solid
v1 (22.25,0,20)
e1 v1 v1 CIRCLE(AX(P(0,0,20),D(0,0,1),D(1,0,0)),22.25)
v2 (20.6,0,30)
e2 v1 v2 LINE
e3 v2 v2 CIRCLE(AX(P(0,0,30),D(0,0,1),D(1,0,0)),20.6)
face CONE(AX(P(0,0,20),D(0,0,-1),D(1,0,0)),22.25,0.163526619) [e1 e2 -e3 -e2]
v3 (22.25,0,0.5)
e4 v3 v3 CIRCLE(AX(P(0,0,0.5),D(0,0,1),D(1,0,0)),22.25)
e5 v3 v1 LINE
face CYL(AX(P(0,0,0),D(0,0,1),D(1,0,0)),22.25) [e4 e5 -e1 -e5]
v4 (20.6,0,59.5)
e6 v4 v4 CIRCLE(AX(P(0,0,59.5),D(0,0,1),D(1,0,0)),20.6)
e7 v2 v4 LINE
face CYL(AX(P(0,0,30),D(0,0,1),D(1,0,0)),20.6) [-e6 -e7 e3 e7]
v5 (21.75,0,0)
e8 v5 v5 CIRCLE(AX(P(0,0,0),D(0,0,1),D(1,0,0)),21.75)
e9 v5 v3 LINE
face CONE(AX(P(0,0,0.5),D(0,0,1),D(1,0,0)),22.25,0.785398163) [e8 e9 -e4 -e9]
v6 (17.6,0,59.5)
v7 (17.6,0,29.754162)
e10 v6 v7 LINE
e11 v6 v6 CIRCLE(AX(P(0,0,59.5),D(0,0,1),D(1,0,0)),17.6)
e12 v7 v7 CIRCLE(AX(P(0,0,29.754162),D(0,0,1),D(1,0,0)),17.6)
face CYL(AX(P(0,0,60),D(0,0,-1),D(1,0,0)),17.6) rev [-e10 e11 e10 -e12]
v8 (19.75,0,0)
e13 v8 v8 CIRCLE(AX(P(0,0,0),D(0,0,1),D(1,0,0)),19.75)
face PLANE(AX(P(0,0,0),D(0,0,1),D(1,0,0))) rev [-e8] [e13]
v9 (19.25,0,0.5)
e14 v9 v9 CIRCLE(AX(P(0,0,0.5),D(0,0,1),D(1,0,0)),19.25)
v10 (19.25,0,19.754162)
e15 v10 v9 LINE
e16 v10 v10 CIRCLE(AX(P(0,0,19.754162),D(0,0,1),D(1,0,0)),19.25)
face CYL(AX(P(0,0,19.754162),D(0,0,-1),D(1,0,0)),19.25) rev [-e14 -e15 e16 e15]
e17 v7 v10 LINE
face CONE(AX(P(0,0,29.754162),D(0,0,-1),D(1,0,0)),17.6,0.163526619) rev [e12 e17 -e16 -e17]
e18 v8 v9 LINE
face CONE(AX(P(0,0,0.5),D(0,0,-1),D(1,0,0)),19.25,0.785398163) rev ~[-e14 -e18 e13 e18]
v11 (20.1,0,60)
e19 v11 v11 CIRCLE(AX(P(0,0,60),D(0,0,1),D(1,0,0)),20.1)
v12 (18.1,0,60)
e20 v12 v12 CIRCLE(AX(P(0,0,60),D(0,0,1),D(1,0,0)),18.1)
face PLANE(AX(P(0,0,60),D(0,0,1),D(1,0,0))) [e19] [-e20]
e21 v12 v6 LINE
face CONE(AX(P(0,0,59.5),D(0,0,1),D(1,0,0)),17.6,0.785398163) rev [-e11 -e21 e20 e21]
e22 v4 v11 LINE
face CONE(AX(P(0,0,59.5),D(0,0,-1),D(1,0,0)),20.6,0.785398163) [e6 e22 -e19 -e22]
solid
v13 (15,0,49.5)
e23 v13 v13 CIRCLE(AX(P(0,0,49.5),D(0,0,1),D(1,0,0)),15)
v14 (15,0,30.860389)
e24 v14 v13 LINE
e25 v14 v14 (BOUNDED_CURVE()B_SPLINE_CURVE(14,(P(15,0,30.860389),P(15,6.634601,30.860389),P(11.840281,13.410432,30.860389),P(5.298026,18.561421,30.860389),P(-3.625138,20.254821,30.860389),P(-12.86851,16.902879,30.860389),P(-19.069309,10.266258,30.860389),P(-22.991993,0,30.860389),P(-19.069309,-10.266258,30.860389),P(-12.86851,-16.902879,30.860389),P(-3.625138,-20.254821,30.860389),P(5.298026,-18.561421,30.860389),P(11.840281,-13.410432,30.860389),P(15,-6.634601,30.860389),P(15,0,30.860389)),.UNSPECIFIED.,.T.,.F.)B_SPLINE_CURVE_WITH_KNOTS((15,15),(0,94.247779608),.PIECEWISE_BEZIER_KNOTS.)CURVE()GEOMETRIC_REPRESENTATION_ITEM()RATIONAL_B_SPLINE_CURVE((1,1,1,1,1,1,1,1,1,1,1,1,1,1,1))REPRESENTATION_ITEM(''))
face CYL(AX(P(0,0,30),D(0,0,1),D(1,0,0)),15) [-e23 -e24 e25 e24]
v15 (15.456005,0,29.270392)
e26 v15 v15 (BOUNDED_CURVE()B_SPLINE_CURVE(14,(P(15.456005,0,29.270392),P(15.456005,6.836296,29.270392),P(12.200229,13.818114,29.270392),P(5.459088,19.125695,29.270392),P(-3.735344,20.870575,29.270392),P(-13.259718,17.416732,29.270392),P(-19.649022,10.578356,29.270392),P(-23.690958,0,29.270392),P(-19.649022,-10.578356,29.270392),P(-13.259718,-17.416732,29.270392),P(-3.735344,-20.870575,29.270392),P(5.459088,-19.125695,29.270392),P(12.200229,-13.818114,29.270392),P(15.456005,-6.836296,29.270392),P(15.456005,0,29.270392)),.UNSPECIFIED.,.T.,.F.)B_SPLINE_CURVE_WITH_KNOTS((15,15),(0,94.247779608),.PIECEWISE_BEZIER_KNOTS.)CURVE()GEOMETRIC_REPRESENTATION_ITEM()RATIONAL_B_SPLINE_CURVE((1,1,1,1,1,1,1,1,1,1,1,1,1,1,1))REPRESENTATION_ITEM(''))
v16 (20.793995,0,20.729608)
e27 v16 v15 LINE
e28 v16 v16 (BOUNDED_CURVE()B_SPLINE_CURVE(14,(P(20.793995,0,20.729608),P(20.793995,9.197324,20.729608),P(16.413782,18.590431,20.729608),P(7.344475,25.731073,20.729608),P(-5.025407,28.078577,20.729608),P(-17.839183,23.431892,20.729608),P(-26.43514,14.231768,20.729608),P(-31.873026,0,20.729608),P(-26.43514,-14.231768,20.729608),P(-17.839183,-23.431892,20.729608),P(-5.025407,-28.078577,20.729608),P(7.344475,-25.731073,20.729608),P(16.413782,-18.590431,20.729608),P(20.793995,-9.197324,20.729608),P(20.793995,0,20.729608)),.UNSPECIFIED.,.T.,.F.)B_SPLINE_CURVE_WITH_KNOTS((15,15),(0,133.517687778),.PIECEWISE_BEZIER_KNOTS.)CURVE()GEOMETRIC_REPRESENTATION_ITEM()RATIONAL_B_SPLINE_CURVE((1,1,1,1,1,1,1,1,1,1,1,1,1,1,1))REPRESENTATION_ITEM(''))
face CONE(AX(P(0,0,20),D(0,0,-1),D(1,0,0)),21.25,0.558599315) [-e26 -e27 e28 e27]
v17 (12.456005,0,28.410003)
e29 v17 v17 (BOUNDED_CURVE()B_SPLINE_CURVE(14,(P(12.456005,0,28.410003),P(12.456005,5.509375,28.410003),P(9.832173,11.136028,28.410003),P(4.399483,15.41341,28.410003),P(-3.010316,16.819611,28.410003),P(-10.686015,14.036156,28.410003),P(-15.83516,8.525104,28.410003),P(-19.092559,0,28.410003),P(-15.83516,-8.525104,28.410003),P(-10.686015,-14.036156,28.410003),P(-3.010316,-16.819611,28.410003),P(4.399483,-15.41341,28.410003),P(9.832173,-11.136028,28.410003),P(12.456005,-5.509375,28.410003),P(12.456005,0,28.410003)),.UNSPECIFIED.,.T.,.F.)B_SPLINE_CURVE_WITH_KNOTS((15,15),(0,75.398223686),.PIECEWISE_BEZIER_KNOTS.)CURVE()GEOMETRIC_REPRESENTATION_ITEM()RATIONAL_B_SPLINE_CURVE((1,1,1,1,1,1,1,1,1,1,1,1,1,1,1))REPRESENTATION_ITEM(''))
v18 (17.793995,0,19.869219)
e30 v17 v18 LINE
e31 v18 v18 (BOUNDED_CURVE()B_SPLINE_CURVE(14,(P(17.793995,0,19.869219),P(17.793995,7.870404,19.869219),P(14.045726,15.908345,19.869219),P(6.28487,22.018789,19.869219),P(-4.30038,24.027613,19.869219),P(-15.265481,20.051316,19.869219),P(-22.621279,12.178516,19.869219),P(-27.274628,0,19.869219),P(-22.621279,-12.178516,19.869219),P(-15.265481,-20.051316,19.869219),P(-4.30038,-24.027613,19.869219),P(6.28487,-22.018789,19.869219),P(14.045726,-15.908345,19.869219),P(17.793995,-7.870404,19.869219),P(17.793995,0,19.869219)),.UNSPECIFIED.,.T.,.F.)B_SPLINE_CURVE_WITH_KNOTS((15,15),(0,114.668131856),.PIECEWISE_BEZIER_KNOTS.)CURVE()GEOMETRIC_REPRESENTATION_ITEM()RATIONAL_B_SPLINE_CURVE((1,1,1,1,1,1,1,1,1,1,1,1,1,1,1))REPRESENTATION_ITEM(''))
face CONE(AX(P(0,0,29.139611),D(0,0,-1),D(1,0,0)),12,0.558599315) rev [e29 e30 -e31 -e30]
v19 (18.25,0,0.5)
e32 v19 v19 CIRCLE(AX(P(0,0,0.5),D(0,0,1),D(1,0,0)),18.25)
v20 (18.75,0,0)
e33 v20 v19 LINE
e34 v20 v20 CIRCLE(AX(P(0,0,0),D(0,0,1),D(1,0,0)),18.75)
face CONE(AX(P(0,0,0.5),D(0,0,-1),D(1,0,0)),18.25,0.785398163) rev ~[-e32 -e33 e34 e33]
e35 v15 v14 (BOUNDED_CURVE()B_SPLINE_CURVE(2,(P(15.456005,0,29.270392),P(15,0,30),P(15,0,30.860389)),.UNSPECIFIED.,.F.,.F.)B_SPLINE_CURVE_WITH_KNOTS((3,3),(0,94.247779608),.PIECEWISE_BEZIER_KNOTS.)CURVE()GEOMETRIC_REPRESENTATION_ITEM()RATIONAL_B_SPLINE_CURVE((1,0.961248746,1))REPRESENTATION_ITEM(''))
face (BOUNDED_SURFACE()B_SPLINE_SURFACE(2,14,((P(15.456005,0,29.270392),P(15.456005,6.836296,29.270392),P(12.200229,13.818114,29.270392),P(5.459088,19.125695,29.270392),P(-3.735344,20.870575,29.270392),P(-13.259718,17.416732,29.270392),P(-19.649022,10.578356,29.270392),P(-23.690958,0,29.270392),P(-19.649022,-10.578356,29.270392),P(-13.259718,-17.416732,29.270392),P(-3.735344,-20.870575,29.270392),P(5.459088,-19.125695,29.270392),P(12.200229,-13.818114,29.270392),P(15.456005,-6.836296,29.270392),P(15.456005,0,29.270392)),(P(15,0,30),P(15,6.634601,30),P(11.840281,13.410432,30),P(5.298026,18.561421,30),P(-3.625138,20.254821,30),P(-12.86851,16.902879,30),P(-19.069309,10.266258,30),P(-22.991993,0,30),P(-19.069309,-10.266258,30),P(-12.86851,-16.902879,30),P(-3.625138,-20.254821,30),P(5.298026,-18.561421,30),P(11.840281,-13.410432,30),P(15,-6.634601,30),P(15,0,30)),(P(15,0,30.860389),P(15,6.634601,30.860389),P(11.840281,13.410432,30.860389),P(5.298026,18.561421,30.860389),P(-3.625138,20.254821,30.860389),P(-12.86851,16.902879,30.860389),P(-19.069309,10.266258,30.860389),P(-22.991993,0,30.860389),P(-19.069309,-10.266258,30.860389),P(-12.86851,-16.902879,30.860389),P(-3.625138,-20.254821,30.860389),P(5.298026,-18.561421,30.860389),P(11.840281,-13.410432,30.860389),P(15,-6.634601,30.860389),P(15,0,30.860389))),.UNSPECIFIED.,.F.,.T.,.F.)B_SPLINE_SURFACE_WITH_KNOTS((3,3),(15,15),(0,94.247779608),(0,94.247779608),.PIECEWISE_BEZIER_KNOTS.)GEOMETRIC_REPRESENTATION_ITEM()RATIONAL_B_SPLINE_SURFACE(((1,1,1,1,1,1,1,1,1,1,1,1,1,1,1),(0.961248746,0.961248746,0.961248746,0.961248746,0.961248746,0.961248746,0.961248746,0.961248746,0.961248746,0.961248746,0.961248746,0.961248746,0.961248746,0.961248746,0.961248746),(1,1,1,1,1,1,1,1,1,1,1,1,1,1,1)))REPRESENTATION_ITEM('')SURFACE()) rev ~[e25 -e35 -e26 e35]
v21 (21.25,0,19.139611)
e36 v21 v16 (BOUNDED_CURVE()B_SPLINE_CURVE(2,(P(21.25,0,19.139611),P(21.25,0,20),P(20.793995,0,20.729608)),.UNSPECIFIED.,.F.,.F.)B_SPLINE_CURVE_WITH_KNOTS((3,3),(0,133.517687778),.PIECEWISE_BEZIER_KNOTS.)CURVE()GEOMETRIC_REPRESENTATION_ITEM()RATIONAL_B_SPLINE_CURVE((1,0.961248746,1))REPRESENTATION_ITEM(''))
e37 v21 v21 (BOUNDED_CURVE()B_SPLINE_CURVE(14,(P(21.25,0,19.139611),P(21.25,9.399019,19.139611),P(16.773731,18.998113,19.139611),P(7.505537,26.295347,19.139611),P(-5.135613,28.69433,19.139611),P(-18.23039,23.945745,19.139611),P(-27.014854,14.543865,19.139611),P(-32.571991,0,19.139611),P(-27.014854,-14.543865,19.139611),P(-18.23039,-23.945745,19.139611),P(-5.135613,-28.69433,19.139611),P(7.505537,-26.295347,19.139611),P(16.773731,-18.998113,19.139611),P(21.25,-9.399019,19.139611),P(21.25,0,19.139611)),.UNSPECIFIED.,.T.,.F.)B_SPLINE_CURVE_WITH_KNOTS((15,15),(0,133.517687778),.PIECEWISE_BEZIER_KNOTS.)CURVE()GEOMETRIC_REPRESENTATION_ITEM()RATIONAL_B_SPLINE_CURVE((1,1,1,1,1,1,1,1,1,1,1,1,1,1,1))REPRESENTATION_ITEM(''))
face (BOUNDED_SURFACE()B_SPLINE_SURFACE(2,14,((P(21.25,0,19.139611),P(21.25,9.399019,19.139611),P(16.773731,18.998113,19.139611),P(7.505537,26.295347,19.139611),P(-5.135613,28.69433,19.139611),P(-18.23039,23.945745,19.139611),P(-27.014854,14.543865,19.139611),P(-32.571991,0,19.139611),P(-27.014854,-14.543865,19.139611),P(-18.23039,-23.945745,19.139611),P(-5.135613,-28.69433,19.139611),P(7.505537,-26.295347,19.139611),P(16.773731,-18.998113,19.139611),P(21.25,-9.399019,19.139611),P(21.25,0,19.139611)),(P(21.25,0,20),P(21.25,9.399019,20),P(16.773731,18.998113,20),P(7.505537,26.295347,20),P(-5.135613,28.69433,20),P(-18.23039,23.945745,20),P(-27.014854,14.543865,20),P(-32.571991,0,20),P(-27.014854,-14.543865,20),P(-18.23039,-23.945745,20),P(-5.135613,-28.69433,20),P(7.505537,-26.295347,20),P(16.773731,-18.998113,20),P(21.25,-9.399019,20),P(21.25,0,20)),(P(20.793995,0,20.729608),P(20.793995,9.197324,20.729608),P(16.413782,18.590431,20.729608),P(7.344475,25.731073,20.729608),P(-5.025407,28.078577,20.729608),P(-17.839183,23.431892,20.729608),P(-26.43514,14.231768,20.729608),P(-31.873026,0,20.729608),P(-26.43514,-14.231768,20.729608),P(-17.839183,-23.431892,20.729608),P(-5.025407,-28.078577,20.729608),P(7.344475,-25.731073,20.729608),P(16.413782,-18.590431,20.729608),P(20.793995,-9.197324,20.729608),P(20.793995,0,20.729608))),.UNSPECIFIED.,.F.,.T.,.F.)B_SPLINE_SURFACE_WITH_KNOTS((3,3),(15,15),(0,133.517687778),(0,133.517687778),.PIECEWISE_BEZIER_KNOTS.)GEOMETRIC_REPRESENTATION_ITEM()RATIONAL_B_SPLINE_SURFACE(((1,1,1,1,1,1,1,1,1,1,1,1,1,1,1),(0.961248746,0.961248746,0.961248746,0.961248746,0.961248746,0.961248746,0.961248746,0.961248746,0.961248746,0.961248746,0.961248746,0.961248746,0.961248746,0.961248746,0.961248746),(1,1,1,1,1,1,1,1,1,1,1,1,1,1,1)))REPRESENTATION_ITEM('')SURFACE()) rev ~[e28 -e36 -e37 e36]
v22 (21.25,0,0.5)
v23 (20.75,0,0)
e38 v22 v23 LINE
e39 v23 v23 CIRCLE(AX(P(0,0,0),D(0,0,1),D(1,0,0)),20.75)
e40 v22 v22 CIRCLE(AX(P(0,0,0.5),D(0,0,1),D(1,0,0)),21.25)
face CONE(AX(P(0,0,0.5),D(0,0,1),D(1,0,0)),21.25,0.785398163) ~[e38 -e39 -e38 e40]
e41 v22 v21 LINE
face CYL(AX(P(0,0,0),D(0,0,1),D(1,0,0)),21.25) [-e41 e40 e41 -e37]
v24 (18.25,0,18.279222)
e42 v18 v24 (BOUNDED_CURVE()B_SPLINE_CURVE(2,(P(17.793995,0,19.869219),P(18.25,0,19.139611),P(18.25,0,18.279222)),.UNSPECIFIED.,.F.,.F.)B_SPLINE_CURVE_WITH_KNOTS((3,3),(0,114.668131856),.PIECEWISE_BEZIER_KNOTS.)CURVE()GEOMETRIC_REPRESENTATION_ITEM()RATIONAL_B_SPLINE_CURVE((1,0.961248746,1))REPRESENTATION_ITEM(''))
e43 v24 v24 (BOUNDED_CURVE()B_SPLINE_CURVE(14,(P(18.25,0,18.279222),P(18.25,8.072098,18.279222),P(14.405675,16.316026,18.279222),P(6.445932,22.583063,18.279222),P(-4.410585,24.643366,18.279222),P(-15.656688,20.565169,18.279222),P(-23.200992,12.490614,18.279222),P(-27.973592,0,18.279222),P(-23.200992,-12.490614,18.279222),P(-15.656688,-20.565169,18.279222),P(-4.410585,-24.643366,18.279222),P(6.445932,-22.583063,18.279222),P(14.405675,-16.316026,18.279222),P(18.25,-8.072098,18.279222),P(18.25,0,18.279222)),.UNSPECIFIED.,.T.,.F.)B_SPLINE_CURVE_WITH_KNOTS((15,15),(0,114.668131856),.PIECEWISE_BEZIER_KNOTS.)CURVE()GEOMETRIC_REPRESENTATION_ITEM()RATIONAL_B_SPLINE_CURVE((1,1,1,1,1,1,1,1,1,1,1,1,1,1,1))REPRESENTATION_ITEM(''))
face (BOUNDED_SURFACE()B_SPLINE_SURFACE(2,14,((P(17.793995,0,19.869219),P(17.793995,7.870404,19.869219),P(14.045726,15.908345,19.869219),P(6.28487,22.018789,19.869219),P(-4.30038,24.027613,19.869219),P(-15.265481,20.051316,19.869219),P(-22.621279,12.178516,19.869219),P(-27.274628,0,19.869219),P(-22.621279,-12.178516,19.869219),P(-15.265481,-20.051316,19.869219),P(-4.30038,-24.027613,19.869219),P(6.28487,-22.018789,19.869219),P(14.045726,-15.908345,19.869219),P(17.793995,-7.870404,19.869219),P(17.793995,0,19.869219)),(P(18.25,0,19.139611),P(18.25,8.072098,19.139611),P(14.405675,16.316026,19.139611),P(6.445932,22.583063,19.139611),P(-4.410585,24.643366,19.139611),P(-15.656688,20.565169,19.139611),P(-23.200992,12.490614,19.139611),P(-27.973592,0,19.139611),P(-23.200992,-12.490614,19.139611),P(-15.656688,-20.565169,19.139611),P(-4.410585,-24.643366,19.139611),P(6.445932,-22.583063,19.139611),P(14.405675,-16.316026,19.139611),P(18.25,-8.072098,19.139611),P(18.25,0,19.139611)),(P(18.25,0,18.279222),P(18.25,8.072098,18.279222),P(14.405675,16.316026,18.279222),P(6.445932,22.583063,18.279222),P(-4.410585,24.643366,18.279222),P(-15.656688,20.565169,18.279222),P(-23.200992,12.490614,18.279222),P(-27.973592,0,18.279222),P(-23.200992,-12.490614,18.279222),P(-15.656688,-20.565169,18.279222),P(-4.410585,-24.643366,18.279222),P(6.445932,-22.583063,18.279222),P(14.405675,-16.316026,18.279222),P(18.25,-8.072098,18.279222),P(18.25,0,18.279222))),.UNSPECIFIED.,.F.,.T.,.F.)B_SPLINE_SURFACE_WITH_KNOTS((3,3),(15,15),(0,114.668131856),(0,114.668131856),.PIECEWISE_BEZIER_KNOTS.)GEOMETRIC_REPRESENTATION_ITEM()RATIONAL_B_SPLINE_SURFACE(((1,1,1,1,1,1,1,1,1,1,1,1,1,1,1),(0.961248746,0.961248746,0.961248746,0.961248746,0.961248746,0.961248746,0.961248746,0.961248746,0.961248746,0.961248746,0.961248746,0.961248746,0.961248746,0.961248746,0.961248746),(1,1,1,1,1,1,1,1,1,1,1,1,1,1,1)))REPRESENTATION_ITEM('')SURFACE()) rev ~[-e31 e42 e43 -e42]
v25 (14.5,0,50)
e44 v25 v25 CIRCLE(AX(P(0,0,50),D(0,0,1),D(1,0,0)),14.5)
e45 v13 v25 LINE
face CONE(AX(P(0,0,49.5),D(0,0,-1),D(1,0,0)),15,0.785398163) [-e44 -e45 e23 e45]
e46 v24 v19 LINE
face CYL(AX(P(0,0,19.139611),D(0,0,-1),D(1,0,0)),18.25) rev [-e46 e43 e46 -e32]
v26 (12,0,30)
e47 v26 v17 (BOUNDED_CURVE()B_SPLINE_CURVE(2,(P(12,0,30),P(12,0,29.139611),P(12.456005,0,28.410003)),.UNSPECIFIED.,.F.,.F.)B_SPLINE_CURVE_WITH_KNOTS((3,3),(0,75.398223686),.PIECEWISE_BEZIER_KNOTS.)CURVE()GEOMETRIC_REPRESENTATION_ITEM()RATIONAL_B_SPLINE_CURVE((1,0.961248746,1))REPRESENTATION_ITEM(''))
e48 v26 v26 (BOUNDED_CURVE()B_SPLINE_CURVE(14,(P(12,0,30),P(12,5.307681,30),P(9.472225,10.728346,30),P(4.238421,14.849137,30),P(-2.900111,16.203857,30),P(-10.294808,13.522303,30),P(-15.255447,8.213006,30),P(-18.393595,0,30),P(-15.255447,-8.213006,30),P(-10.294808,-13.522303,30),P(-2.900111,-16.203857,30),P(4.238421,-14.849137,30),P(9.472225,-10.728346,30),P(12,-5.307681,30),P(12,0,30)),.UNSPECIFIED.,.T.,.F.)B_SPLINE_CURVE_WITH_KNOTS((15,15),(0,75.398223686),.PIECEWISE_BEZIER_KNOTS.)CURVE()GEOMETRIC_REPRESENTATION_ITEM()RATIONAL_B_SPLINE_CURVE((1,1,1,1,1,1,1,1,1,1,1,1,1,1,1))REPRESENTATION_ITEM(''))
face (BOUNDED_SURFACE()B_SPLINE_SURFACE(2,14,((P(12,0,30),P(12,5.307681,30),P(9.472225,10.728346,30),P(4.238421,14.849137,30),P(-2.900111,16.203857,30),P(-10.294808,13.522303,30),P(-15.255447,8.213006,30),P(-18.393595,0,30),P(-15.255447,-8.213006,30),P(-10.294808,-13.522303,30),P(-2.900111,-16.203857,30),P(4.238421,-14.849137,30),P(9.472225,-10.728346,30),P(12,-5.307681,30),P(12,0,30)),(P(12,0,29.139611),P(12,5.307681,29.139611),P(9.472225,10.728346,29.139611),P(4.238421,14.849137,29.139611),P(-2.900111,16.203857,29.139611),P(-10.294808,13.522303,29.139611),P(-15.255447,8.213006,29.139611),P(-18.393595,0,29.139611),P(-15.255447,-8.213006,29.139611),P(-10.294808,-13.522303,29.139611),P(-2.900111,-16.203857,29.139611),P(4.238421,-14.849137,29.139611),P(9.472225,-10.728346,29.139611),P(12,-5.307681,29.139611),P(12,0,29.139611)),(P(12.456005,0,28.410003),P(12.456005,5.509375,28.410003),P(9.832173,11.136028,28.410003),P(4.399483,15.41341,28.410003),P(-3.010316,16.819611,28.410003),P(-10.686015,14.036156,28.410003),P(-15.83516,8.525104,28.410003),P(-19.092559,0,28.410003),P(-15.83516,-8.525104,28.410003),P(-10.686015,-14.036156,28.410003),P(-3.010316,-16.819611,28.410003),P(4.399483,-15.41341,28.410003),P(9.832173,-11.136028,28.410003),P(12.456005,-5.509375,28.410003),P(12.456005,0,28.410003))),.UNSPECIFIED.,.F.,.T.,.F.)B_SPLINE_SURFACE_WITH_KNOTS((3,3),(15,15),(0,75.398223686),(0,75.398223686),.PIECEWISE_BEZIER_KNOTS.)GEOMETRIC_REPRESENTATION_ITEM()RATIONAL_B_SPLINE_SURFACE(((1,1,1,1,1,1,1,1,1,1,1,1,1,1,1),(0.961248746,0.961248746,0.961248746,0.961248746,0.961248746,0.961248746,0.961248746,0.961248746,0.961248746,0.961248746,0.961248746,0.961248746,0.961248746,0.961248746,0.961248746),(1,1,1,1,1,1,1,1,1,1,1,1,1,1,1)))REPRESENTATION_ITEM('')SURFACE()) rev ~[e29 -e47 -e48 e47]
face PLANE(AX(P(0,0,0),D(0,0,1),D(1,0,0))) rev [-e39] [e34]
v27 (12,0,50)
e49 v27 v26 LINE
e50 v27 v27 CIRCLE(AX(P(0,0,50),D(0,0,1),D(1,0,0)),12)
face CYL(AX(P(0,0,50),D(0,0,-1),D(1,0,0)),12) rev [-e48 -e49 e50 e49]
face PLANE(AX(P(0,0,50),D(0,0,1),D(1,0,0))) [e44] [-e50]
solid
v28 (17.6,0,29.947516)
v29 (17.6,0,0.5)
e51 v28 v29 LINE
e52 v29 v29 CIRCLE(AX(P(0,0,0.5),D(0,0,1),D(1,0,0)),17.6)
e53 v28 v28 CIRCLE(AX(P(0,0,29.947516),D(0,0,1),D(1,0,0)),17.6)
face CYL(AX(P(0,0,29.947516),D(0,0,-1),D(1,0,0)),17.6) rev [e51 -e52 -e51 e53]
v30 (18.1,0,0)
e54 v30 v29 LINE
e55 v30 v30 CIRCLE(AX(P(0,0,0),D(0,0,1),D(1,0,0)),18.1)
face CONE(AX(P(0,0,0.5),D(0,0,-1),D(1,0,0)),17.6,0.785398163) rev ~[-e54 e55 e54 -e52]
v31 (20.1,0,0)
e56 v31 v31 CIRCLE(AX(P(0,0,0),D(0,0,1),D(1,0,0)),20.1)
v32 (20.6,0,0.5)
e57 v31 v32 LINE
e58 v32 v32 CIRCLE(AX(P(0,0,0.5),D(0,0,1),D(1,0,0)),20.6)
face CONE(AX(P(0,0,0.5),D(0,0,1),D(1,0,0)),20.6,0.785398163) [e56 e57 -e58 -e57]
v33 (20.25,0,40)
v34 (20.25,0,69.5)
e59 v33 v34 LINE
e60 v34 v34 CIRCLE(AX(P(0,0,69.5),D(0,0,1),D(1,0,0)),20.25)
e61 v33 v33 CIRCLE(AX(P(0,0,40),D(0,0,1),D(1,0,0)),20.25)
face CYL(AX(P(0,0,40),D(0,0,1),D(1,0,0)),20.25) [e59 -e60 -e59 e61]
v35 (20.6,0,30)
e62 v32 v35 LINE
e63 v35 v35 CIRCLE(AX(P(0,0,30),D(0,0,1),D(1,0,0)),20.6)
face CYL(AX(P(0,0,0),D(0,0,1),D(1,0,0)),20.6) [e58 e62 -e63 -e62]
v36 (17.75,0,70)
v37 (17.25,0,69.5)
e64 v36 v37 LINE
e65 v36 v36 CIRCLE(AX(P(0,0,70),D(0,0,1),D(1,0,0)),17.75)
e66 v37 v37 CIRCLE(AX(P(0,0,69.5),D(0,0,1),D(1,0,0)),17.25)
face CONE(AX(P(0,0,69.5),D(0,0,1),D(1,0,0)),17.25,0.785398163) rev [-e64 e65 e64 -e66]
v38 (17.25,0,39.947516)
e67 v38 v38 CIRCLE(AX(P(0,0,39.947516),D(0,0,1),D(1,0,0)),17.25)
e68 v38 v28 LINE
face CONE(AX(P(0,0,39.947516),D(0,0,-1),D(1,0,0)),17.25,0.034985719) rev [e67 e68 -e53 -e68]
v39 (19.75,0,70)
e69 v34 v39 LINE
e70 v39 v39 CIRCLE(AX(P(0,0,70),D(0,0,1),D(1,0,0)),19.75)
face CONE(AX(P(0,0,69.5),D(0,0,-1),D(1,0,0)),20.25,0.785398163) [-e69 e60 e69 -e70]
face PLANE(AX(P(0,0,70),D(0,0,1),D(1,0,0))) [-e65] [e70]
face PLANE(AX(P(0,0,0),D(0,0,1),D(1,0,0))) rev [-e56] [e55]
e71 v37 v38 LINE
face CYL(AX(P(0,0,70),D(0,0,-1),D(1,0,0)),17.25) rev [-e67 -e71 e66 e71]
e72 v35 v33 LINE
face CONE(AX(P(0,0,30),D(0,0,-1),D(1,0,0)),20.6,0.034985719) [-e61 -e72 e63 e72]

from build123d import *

# Parameters (mm, degrees)
REVOLVE_ONTO_SKETCH_ROLL_ANGLE       = 90
FILLET_R                             = 3
CHAMFER_SIZE                         = 0.5
REVOLVE001_ONTO_SKETCH001_ROLL_ANGLE = 90
CHAMFER001_SIZE                      = 0.5
REVOLVE002_ONTO_SKETCH002_ROLL_ANGLE = 90
CHAMFER002_SIZE                      = 0.5


with BuildPart() as chamfer_body:
    # Sketch as drawn → Revolve (revolve)
    with BuildSketch(Plane.XY):
        Polygon((18.25, 0), (21.25, 0), (21.25, 20), (15, 30), (15, 50), (12, 50), (12, 29.139611), (18.25, 19.139611), align=None)
    revolve(axis=Axis((0, 0, 0), (0, 1, 0)))


with BuildPart() as chamfer_body_1:
    # Revolve onto Sketch roll: moved
    add(chamfer_body.part.rotate(Axis((0, 0, 0), (1, 0, 0)), REVOLVE_ONTO_SKETCH_ROLL_ANGLE))


with BuildPart() as chamfer_body_2:
    # Revolve onto Sketch placement: moved
    add(chamfer_body_1.part)

    # Fillet
    fillet_edges = [chamfer_body_2.edges().sort_by_distance(p)[0] for p in [
        (-21.25, 0, 20),
        (-15, 0, 30),
        (-12, 0, 29.139611),
        (-18.25, 0, 19.139611),
    ]]
    fillet(fillet_edges, radius=FILLET_R)

    # Chamfer
    chamfer_edges = [chamfer_body_2.edges().sort_by_distance(p)[0] for p in [
        (-21.25, 0, 0),
        (-18.25, 0, 0),
        (-15, 0, 50),
        (15.125, 0, 24.139611),
    ]]
    chamfer(chamfer_edges, length=CHAMFER_SIZE)


with BuildPart() as chamfer001:
    # Sketch001 as drawn → Revolve001 (revolve)
    with BuildSketch(Plane.XY):
        Polygon((17.6, 0), (20.6, 0), (20.6, 30), (20.25, 40), (20.25, 70), (17.25, 70), (17.25, 39.947516), (17.6, 29.947516), align=None)
    revolve(axis=Axis((0, 0, 0), (0, 1, 0)))


with BuildPart() as chamfer001_1:
    # Revolve001 onto Sketch001 roll: moved
    add(chamfer001.part.rotate(Axis((0, 0, 0), (1, 0, 0)), REVOLVE001_ONTO_SKETCH001_ROLL_ANGLE))


with BuildPart() as chamfer001_2:
    # Revolve001 onto Sketch001 placement: moved
    add(chamfer001_1.part)

    # Chamfer001
    chamfer001_edges = [chamfer001_2.edges().sort_by_distance(p)[0] for p in [
        (-17.6, 0, 0),
        (-20.6, 0, 0),
        (-20.25, 0, 70),
        (-17.25, 0, 70),
    ]]
    chamfer(chamfer001_edges, length=CHAMFER001_SIZE)


with BuildPart() as chamfer002:
    # Sketch002 as drawn → Revolve002 (revolve)
    with BuildSketch(Plane.XY):
        Polygon((19.25, 0), (22.25, 0), (22.25, 20), (20.6, 30), (20.6, 60), (17.6, 60), (17.6, 29.754162), (19.25, 19.754162), align=None)
    revolve(axis=Axis((0, 0, 0), (0, 1, 0)))


with BuildPart() as chamfer002_1:
    # Revolve002 onto Sketch002 roll: moved
    add(chamfer002.part.rotate(Axis((0, 0, 0), (1, 0, 0)), REVOLVE002_ONTO_SKETCH002_ROLL_ANGLE))


with BuildPart() as chamfer002_2:
    # Revolve002 onto Sketch002 placement: moved
    add(chamfer002_1.part)

    # Chamfer002
    chamfer002_edges = [chamfer002_2.edges().sort_by_distance(p)[0] for p in [
        (-19.25, 0, 0),
        (-22.25, 0, 0),
        (-20.6, 0, 60),
        (-17.6, 0, 60),
    ]]
    chamfer(chamfer002_edges, length=CHAMFER002_SIZE)


solid = Compound([chamfer_body_2.part, chamfer001_2.part, chamfer002_2.part])
